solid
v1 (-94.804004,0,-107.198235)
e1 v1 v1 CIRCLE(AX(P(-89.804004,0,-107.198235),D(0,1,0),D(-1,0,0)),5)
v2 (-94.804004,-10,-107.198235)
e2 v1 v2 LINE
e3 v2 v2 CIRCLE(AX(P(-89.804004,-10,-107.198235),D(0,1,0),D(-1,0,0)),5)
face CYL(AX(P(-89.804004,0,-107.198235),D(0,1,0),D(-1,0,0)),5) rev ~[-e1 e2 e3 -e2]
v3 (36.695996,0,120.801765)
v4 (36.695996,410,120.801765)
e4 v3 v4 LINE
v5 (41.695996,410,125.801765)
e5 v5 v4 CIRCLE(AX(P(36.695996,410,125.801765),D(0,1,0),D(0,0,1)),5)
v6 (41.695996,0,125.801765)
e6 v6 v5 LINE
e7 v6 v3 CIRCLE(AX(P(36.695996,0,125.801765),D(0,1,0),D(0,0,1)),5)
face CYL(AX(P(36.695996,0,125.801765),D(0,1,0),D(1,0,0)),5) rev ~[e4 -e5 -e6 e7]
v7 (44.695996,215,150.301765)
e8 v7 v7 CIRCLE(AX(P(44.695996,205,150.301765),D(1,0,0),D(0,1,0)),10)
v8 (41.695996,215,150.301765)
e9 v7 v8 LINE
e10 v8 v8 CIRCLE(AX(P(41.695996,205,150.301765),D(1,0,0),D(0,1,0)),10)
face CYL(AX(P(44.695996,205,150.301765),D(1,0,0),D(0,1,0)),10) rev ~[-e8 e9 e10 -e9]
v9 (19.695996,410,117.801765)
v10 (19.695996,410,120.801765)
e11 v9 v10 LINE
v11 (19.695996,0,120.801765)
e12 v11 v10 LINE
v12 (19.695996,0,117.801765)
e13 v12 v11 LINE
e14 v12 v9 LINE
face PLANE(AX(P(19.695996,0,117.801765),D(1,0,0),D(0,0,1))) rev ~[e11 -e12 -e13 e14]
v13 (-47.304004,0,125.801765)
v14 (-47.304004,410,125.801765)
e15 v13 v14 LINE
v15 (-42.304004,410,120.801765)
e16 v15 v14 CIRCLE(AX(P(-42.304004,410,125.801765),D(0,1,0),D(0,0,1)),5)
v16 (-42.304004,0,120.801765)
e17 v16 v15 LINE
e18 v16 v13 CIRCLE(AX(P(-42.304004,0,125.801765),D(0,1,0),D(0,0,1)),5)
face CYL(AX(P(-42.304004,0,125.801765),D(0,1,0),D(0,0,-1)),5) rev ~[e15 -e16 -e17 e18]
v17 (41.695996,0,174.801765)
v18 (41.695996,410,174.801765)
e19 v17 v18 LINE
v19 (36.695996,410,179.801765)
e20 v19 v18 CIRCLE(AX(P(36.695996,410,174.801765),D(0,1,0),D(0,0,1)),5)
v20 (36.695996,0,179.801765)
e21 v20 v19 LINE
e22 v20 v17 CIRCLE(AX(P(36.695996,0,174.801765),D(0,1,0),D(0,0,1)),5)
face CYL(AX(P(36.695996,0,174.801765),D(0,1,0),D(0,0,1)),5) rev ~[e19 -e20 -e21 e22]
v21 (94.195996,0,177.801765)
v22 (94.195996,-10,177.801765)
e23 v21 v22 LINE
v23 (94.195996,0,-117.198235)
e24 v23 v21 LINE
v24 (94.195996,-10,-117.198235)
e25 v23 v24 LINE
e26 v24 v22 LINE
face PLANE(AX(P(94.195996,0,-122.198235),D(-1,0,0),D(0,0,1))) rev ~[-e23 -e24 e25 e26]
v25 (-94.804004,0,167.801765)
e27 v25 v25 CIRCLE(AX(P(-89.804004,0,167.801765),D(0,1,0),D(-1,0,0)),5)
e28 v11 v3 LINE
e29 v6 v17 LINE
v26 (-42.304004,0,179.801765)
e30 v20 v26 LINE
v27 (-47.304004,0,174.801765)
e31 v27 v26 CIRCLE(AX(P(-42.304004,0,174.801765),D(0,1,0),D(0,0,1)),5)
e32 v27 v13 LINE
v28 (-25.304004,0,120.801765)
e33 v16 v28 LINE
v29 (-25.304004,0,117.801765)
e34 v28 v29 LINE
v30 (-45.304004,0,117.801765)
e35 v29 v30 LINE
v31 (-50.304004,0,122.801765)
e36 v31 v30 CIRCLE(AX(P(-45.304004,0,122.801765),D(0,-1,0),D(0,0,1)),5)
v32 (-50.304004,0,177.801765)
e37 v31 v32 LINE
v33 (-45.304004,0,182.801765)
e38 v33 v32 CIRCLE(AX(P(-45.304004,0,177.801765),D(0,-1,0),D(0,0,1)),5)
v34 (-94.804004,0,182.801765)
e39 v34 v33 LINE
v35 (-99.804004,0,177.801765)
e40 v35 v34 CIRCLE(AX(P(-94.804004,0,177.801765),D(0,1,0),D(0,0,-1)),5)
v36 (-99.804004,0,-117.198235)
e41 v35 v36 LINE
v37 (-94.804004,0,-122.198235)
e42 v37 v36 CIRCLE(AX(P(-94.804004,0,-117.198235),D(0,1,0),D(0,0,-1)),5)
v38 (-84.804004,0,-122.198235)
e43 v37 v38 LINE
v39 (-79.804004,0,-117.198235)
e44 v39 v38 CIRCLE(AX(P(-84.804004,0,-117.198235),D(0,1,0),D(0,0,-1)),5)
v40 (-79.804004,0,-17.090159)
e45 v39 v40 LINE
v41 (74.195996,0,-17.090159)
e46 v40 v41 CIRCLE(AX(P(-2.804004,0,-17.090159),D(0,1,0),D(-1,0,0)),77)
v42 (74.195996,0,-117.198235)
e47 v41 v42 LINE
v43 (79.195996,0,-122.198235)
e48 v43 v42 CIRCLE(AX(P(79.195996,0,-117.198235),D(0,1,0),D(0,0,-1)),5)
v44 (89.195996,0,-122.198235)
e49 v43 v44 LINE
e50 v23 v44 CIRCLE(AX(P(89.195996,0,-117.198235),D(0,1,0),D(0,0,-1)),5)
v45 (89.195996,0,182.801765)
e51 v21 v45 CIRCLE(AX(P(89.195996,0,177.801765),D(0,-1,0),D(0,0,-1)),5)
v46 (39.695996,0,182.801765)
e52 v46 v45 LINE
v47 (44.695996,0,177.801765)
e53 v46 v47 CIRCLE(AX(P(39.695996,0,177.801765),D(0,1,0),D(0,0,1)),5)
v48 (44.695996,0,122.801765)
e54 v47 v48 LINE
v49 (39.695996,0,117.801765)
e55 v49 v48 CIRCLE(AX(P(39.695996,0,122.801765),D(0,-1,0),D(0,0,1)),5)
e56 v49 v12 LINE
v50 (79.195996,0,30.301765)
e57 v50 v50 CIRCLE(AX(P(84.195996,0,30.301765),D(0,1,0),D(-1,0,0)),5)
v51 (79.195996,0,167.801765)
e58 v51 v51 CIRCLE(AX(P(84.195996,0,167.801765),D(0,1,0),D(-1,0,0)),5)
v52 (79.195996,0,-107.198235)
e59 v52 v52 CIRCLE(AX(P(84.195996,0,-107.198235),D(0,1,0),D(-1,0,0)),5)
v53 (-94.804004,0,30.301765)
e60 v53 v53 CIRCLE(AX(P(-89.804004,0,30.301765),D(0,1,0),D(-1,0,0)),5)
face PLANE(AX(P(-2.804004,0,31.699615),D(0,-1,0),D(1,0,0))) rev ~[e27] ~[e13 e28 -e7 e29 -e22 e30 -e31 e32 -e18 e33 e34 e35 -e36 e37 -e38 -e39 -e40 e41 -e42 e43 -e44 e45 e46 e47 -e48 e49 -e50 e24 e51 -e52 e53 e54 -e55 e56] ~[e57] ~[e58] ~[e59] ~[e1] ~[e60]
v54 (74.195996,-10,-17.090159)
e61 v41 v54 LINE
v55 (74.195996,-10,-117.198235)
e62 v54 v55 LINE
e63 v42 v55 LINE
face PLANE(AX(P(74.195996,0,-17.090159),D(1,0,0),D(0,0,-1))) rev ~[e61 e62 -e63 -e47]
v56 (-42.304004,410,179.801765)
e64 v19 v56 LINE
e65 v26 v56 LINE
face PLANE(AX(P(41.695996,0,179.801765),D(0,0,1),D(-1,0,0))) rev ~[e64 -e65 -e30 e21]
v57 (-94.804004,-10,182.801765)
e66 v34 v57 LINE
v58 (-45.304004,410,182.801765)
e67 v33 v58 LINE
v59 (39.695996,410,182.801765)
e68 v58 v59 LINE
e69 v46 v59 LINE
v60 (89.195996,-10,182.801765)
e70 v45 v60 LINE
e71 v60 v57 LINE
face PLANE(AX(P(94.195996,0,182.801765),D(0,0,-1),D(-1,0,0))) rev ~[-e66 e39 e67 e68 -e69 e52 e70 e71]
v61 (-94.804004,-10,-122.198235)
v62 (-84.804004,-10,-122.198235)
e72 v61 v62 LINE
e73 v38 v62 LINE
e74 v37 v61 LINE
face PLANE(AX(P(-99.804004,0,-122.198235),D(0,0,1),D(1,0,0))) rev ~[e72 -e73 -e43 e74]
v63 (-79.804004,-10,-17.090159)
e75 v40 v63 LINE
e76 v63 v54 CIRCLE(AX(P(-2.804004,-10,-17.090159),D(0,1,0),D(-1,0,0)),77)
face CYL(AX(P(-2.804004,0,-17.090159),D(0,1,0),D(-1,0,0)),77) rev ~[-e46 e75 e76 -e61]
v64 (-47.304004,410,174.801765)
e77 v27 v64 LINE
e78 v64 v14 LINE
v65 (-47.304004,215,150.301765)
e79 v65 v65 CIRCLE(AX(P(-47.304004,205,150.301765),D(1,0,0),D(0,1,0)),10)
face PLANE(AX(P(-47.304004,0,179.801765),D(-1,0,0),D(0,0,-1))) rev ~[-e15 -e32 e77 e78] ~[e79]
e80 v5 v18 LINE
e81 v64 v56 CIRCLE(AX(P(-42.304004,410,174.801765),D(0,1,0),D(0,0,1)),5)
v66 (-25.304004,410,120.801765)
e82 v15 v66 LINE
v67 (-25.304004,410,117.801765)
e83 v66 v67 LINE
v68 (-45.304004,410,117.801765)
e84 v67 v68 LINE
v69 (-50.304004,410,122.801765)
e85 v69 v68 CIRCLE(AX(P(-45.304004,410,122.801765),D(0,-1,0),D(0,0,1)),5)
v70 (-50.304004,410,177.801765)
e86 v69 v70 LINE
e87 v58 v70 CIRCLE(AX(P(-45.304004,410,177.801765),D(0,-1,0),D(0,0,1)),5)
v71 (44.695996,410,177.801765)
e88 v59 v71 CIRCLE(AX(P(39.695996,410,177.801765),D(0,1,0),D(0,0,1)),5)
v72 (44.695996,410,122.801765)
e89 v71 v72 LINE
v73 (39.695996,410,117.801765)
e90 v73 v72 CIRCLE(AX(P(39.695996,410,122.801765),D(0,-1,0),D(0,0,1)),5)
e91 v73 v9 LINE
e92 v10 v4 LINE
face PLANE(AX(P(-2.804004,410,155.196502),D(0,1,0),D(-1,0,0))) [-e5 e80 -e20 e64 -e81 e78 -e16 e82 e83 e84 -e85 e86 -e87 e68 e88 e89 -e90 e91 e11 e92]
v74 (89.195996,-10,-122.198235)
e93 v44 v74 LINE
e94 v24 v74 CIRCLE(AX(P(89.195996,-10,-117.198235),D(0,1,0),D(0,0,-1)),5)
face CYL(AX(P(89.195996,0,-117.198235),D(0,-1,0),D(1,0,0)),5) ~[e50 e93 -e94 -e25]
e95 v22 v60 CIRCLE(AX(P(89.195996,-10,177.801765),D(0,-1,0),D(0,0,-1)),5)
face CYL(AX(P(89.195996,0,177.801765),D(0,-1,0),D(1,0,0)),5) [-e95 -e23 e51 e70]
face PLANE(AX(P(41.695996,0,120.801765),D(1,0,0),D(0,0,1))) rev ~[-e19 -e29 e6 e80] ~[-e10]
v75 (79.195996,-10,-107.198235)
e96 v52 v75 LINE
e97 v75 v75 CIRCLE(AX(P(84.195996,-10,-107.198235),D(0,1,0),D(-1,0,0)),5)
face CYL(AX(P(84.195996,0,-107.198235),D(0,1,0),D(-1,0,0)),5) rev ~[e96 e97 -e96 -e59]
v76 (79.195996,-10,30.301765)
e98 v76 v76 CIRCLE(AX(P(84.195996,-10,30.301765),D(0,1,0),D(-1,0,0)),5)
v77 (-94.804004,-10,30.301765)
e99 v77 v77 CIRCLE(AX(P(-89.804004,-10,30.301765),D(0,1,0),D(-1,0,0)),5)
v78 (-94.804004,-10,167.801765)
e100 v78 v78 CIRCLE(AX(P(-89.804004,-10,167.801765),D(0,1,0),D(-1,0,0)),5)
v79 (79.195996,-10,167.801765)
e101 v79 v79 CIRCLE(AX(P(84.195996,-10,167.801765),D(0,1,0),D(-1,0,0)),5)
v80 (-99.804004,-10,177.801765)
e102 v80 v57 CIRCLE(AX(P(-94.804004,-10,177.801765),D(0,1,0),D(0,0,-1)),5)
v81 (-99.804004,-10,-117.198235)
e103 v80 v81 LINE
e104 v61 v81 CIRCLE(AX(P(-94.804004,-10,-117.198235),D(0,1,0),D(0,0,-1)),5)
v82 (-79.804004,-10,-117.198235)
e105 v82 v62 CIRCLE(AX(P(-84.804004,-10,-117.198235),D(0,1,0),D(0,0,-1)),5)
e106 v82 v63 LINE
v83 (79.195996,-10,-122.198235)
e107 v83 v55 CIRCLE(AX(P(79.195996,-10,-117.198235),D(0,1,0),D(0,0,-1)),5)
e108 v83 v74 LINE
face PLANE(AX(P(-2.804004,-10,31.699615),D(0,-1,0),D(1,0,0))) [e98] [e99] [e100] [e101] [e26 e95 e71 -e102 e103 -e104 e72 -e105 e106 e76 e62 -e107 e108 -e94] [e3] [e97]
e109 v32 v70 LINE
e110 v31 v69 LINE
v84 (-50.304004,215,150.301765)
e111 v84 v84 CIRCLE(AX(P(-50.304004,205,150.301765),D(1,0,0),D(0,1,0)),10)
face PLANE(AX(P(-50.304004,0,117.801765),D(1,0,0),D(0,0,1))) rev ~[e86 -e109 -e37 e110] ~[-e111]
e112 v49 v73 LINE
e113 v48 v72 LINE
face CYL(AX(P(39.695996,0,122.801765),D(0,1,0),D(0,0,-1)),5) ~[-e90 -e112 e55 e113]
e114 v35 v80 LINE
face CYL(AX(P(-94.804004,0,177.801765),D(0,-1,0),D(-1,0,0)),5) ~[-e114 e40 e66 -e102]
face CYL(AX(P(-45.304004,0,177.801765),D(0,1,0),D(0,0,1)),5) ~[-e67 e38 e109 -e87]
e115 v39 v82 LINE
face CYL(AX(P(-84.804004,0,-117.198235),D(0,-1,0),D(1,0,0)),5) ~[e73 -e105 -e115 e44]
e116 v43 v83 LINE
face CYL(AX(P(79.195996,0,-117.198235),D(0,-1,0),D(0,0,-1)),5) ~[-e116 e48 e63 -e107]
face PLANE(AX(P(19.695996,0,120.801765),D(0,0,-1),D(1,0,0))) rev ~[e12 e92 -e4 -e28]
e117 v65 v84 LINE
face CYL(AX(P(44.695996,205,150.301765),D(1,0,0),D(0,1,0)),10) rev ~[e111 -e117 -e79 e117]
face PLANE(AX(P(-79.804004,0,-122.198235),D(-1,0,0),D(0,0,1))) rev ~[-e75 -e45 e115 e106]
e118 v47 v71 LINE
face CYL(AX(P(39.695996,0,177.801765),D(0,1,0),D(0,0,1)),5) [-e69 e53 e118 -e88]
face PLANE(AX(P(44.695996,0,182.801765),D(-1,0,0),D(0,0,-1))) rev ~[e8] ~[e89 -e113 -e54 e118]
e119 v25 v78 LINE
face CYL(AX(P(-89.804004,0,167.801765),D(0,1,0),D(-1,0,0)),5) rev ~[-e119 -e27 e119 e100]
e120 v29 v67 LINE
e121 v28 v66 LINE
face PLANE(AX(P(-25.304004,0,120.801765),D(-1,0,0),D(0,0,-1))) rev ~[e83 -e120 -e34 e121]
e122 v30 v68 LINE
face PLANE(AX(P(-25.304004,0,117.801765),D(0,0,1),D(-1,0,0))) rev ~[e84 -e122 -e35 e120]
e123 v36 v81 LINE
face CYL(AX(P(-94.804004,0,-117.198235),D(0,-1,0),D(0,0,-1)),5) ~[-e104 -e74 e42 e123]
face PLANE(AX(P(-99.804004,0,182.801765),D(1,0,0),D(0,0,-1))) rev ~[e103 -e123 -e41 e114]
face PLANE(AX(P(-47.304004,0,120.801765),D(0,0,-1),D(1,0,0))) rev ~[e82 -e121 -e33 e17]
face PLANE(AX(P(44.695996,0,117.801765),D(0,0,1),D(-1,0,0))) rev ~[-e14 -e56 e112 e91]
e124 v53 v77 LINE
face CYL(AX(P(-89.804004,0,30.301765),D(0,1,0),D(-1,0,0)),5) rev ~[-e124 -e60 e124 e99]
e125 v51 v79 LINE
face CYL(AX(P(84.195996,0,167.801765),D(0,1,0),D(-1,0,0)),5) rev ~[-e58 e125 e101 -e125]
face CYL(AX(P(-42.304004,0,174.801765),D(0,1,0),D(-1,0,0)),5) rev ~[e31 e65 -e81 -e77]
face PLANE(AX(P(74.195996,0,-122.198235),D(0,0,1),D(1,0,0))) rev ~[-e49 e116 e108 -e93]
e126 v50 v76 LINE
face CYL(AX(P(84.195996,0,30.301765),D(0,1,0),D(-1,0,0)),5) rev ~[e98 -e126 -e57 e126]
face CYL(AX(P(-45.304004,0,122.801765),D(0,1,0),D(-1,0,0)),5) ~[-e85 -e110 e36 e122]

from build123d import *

# Parameters (mm, degrees)
F1_DEPTH = 10
F3_DEPTH = 410
F4_R     = 5
F5_R     = 5
F6_R     = 5
F7_DEPTH = 10.001
F8_R     = 10
F9_DEPTH = 144.501


with BuildPart() as f1:
    # F0 (on Front) → F1 (new body)
    with BuildSketch(Plane.XZ):
        with BuildLine():
            Line((-79.8040040345, -122.1982348855), (-79.8040040345, -17.0901585641))
            ThreePointArc((-79.8040040345, -17.0901585641), (-2.8040040345, 59.9098414359), (74.1959959655, -17.0901585641))
            Line((74.1959959655, -17.0901585641), (74.1959959655, -122.1982348855))
            Line((74.1959959655, -122.1982348855), (94.1959959655, -122.1982348855))
            Line((94.1959959655, -122.1982348855), (94.1959959655, 182.8017651145))
            Line((94.1959959655, 182.8017651145), (-99.8040040345, 182.8017651145))
            Line((-99.8040040345, 182.8017651145), (-99.8040040345, -122.1982348855))
            Line((-99.8040040345, -122.1982348855), (-79.8040040345, -122.1982348855))
        make_face()
    extrude(amount=F1_DEPTH)

    # F2 (on face) → F3 (join)
    with BuildSketch(Plane(origin=(0, 0, 0), x_dir=(-1, 0, 0), z_dir=(0, 1, 0))):
        Polygon((50.3040040345, 117.8017651145), (50.3040040345, 182.8017651145), (-44.6959959655, 182.8017651145), (-44.6959959655, 117.8017651145), (-19.6959959655, 117.8017651145), (-19.6959959655, 120.8017651145), (-41.6959959655, 120.8017651145), (-41.6959959655, 179.8017651145), (47.3040040345, 179.8017651145), (47.3040040345, 120.8017651145), (25.3040040345, 120.8017651145), (25.3040040345, 117.8017651145), align=None)
    extrude(amount=F3_DEPTH)

    # F4
    f4_edges = [f1.edges().sort_by_distance(p)[0] for p in [
        (44.695996, 205, 182.801765),
        (-50.304004, 205, 182.801765),
        (-50.304004, 205, 117.801765),
        (44.695996, 205, 117.801765),
        (-47.304004, 205, 179.801765),
        (-47.304004, 205, 120.801765),
        (41.695996, 205, 120.801765),
        (41.695996, 205, 179.801765),
    ]]
    fillet(f4_edges, radius=F4_R)

    # F5
    f5_edges = [f1.edges().sort_by_distance(p)[0] for p in [
        (-99.804004, -5, -122.198235),
        (-99.804004, -5, 182.801765),
        (94.195996, -5, 182.801765),
        (94.195996, -5, -122.198235),
        (74.195996, -5, -122.198235),
        (-79.804004, -5, -122.198235),
    ]]
    fillet(f5_edges, radius=F5_R)

    # F6 (on face) → F7 (cut, through all)
    with BuildSketch(Plane(origin=(0, 0, 0), x_dir=(-1, 0, 0), z_dir=(0, 1, 0))):
        with Locations((-84.1959959655, 167.8017651145)):
            Circle(F6_R)
        with Locations((-84.1959959655, 30.3017651145)):
            Circle(F6_R)
        with Locations((-84.1959959655, -107.1982348855)):
            Circle(F6_R)
        with Locations((89.8040040345, 167.8017651145)):
            Circle(F6_R)
        with Locations((89.8040040345, 30.3017651145)):
            Circle(F6_R)
        with Locations((89.8040040345, -107.1982348855)):
            Circle(F6_R)
    extrude(amount=-F7_DEPTH, mode=Mode.SUBTRACT)

    # F8 (on face) → F9 (cut, through all)
    with BuildSketch(Plane.YZ.offset(44.6959959655)):
        with Locations((205, 150.3017651145)):
            Circle(F8_R)
    extrude(amount=-F9_DEPTH, mode=Mode.SUBTRACT)


solid = f1.part
